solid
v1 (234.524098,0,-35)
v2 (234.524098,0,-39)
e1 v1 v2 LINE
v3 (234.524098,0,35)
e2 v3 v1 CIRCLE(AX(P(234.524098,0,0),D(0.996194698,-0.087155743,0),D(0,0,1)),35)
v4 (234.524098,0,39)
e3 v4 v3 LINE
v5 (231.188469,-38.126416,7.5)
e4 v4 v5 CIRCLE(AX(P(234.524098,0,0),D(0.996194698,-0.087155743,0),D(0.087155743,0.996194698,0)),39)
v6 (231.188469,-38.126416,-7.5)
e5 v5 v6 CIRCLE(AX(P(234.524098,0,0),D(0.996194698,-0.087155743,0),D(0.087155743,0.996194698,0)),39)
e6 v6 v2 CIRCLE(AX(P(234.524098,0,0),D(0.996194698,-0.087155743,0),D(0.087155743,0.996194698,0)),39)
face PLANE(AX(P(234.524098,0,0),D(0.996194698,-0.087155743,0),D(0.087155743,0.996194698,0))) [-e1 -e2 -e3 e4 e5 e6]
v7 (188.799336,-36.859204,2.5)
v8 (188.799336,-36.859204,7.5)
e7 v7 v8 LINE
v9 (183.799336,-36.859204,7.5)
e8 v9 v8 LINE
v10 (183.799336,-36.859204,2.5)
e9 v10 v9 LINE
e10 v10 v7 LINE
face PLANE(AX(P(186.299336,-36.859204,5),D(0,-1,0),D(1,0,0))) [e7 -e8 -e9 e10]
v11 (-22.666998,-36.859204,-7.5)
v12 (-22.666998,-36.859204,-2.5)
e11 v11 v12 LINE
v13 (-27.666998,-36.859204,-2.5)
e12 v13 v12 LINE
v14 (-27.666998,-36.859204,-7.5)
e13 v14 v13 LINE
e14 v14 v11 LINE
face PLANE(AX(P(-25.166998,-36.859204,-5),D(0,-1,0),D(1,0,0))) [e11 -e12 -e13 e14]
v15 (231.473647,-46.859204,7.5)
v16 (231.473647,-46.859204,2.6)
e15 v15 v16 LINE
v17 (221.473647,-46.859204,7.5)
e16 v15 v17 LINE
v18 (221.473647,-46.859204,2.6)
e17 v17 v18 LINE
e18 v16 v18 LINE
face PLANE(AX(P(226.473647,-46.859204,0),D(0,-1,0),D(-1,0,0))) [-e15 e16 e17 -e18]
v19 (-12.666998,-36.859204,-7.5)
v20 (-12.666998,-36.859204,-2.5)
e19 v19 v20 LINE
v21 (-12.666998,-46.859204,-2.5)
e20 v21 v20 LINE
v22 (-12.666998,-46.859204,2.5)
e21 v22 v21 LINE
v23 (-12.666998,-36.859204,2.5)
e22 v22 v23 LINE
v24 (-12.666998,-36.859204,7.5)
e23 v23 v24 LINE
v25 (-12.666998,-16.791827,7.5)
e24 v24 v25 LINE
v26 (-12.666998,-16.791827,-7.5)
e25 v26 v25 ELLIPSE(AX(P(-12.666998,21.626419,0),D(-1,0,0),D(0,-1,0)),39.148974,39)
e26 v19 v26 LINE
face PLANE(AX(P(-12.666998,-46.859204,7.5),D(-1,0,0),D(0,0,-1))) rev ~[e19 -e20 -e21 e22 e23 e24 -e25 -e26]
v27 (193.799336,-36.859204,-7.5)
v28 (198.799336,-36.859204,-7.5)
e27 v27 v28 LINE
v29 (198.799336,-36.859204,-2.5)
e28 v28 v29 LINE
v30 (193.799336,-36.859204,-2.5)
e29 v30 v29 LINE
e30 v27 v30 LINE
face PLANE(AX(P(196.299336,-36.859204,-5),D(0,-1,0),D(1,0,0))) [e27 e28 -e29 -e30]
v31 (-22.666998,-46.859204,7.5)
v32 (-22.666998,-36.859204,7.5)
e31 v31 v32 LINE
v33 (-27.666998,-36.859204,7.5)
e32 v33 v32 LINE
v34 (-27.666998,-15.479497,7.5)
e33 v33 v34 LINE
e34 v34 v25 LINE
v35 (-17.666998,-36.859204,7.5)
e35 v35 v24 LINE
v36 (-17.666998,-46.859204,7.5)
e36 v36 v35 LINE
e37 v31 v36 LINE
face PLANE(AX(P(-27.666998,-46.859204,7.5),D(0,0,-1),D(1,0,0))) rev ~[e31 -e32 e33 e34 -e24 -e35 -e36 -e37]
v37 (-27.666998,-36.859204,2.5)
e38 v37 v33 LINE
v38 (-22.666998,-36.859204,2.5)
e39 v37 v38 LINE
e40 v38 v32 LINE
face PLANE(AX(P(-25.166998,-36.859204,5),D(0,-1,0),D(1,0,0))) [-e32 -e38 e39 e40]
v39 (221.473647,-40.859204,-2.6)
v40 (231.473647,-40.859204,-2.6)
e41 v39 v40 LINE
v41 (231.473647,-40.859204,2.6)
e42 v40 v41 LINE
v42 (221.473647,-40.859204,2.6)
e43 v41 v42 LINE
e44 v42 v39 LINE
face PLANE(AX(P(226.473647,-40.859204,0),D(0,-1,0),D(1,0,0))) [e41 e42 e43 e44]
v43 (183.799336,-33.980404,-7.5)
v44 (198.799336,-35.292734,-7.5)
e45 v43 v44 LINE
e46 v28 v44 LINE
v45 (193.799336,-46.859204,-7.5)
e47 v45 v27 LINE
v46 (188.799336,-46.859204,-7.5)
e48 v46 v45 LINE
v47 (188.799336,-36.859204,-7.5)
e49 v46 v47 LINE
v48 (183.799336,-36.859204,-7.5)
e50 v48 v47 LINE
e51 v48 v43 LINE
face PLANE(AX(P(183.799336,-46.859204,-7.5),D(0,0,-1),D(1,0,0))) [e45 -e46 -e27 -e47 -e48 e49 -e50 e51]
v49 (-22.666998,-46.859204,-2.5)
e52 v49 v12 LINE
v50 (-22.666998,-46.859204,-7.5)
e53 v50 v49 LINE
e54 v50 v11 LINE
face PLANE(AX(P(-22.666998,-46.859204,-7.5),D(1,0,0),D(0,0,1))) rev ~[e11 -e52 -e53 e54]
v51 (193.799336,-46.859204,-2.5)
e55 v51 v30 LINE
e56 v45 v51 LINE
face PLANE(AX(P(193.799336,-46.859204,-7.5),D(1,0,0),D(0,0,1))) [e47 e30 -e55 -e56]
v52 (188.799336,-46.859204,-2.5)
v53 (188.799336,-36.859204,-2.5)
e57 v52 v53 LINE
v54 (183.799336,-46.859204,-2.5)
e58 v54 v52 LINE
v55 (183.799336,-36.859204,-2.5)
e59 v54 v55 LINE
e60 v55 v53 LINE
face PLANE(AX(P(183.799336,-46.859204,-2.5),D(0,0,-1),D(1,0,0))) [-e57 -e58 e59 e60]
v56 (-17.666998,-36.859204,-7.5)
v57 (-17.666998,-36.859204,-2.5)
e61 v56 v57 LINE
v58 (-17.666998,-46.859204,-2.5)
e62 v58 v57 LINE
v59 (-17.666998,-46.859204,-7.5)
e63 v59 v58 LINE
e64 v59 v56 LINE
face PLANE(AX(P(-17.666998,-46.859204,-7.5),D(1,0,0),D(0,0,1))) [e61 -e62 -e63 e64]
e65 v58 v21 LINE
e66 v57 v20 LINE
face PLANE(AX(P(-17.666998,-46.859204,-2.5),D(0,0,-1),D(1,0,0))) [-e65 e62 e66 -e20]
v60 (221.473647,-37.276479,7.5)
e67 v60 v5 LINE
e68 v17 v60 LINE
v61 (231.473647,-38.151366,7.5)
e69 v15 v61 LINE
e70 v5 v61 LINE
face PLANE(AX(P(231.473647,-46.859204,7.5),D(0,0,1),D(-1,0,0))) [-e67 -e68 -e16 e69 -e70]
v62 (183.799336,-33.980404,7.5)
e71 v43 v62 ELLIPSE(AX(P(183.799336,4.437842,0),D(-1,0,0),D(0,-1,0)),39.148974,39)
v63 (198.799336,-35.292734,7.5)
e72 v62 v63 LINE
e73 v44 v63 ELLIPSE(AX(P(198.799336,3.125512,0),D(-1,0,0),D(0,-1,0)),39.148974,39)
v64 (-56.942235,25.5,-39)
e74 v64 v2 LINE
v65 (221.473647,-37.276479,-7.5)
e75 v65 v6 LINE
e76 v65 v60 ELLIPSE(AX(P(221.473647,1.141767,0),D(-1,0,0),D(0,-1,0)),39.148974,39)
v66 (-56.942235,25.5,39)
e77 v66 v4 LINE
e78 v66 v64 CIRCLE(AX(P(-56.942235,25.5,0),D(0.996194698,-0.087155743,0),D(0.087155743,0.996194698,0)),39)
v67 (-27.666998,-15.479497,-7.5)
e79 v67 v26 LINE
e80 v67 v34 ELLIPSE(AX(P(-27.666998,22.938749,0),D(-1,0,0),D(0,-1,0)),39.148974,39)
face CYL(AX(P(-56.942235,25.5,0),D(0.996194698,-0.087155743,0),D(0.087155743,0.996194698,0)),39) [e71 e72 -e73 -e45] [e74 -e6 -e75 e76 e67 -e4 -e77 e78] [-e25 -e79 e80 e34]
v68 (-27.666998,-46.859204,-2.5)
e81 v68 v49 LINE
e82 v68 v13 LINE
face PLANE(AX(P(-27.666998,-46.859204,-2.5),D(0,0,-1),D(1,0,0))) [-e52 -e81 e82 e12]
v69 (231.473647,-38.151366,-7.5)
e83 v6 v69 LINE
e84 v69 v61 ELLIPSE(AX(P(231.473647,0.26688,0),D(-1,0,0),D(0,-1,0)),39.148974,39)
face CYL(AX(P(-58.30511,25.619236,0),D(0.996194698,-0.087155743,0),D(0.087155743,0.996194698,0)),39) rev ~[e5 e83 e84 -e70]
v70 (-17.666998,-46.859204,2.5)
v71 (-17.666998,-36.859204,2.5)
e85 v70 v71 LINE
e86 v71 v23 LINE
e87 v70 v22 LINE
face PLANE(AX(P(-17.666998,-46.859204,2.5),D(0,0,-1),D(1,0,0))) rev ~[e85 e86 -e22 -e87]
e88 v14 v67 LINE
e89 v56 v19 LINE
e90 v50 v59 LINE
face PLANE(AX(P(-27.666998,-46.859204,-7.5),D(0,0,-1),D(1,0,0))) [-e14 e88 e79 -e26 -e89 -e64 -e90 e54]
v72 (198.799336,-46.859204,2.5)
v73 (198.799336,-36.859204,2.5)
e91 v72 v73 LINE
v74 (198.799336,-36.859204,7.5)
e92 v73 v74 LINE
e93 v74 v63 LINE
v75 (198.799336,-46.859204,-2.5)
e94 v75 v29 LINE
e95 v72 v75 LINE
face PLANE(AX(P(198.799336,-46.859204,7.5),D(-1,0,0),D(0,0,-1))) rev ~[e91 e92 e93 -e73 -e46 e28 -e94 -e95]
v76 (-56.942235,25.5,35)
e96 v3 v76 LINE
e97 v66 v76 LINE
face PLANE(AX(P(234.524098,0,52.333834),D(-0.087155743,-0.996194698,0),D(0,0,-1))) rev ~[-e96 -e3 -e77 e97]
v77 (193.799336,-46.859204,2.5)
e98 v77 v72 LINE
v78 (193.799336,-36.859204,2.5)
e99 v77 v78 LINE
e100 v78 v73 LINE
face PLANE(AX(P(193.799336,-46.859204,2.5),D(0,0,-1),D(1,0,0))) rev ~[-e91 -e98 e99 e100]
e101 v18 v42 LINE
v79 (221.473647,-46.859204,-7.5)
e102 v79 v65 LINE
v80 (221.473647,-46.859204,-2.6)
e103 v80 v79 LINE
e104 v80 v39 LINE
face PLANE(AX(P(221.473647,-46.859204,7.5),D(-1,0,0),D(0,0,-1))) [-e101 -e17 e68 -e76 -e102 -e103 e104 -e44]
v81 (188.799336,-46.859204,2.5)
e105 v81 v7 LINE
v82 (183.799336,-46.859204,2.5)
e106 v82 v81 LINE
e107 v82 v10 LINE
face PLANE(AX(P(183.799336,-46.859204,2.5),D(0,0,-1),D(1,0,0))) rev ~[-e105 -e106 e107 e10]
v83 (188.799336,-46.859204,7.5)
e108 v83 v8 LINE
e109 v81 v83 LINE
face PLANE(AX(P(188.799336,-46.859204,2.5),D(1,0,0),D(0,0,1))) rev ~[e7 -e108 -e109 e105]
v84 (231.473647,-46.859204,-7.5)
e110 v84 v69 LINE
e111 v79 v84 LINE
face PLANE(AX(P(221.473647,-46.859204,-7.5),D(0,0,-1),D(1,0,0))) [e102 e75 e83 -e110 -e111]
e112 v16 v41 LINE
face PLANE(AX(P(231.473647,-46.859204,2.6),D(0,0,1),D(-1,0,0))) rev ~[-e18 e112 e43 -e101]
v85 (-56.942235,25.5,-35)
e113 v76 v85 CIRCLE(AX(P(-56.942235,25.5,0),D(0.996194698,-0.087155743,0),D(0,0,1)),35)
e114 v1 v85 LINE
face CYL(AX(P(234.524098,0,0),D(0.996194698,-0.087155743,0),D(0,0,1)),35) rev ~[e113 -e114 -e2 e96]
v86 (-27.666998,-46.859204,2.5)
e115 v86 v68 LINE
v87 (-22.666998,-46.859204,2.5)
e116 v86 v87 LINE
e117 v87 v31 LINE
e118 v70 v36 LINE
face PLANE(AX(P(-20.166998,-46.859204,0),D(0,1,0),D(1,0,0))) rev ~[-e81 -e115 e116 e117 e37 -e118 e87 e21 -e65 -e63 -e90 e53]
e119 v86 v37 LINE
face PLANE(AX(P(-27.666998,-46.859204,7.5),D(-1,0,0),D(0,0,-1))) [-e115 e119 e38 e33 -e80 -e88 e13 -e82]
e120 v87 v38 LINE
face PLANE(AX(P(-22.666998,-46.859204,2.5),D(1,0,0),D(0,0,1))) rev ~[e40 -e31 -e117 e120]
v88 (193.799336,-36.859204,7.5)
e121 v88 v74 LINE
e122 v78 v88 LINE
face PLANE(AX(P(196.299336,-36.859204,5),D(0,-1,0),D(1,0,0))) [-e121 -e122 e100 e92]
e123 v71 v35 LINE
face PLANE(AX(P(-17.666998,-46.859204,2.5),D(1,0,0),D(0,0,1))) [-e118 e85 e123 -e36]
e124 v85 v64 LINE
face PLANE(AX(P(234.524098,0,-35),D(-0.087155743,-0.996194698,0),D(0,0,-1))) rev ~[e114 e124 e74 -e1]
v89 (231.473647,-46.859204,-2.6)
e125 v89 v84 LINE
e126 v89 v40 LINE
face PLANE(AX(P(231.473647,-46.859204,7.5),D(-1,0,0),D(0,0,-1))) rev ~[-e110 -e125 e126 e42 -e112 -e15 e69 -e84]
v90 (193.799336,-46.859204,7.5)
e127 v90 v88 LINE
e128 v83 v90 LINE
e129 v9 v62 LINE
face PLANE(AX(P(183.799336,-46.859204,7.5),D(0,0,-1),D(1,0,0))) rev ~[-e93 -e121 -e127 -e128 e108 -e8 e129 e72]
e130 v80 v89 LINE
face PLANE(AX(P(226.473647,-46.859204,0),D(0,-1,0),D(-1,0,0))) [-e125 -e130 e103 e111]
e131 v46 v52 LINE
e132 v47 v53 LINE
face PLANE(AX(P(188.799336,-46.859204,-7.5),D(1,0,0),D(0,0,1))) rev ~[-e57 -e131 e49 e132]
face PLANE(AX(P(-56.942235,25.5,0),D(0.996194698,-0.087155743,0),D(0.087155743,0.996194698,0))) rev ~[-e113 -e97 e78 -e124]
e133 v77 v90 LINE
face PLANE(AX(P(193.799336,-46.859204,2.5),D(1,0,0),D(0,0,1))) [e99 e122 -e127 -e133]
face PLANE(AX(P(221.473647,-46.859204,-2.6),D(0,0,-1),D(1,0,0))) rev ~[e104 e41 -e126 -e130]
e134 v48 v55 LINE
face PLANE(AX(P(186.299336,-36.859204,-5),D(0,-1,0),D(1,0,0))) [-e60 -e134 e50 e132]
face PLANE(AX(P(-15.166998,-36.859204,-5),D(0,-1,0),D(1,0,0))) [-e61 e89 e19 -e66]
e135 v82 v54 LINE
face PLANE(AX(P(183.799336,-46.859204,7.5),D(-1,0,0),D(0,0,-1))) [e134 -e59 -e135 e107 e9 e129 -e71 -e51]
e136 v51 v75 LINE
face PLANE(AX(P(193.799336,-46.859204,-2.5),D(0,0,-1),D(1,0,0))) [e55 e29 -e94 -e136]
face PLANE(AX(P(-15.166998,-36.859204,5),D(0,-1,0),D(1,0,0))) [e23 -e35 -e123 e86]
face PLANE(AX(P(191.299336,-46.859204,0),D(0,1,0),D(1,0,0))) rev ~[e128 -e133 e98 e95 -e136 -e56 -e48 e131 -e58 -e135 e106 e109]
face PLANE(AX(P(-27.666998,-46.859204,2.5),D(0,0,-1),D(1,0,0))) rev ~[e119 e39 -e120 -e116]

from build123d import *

# Parameters (mm, degrees)
SWEEP2_PROFILE_R         = 39
CUT_EXTRUDE5_DEPTH       = 400
BOSS_EXTRUDE2_REACH      = 250.512
BOSS_EXTRUDE2_END_RADIUS = 39
SKETCH30_W               = 15
SKETCH30_H               = 15
SKETCH31_W               = 5
SKETCH31_H               = 5
CUT_EXTRUDE6_DEPTH       = 10
BOSS_EXTRUDE3_REACH      = 250.512
BOSS_EXTRUDE3_END_RADIUS = 39
CUT_EXTRUDE7_DEPTH       = 6


with BuildPart() as part:
    # Sweep2: sweep along a path in Sketch17
    with BuildLine(Plane.XY) as sweep2_path:
        Line((-56.942235333, 25.5), (234.524098388, 0))
    # Sweep2 profile (on start of the path) → Sweep2 (sweep)
    with BuildSketch(Plane(origin=(-56.942235333, 25.5, 0), x_dir=(0.08715574274765121, 0.9961946980917462, 0), z_dir=(0.9961946980917462, -0.08715574274765121, 0))):
        Circle(SWEEP2_PROFILE_R)
    sweep(path=sweep2_path.line)

    # Sketch25 → Cut-Extrude5 (cut)
    with BuildSketch(Plane(origin=(232.742624374, -20.362341152, 0), x_dir=(0, 0, -1), z_dir=(0.9961946980917462, -0.08715574274765125, 0))):
        with BuildLine():
            Line((40.377384308, 20.440121987), (40.377384308, 67.184416815))
            Line((40.377384308, 67.184416815), (-52.333834244, 67.184416815))
            Line((-52.333834244, 67.184416815), (-52.333834244, 20.440121987))
            Line((-52.333834244, 20.440121987), (-35, 20.440121987))
            ThreePointArc((-35, 20.440121987), (0, -14.559878013), (35, 20.440121987))
            Line((35, 20.440121987), (40.377384308, 20.440121987))
        make_face()
    extrude(amount=-CUT_EXTRUDE5_DEPTH, mode=Mode.SUBTRACT)

    # Boss-Extrude2: up to this cylinder (the profile starts outside it)
    boss_extrude2_end = Plane(origin=(90.766179518, 12.577188193, 0), z_dir=(0.9961946980917462, -0.08715574274765124, 0)) * Cylinder(BOSS_EXTRUDE2_END_RADIUS, 790.685640756, mode=Mode.PRIVATE)
    # Sketch30 → Boss-Extrude2 (add, up to the surface)
    with BuildSketch(Plane(origin=(0, -46.859203829, 0), x_dir=(1, 0, 0), z_dir=(0, 1, 0)), mode=Mode.PRIVATE) as boss_extrude2_sk1:
        with Locations((-20.166997814, 0)):
            Rectangle(SKETCH30_W, SKETCH30_H)
    boss_extrude2_tool1 = extrude(boss_extrude2_sk1.sketch, amount=BOSS_EXTRUDE2_REACH, mode=Mode.PRIVATE) - boss_extrude2_end
    add(boss_extrude2_tool1.solids().sort_by_distance((-20.166998, -46.859204, 0))[0])
    # Sketch30 → Boss-Extrude2 (add, up to the surface)
    with BuildSketch(Plane(origin=(0, -46.859203829, 0), x_dir=(1, 0, 0), z_dir=(0, 1, 0)), mode=Mode.PRIVATE) as boss_extrude2_sk2:
        with Locations((191.299335906, 0)):
            Rectangle(SKETCH30_W, SKETCH30_H)
    boss_extrude2_tool2 = extrude(boss_extrude2_sk2.sketch, amount=BOSS_EXTRUDE2_REACH, mode=Mode.PRIVATE) - boss_extrude2_end
    add(boss_extrude2_tool2.solids().sort_by_distance((191.299336, -46.859204, 0))[0])

    # Sketch31 → Cut-Extrude6 (cut)
    with BuildSketch(Plane.XZ.offset(46.859203829)):
        with Locations((-25.166997814, 5)):
            Rectangle(SKETCH31_W, SKETCH31_H)
        with Locations((-15.166997814, 5)):
            Rectangle(SKETCH31_W, SKETCH31_H)
        with Locations((-15.166997814, -5)):
            Rectangle(SKETCH31_W, SKETCH31_H)
        with Locations((-25.166997814, -5)):
            Rectangle(SKETCH31_W, SKETCH31_H)
        with Locations((186.299335906, -5)):
            Rectangle(SKETCH31_W, SKETCH31_H)
        with Locations((196.299335906, -5)):
            Rectangle(SKETCH31_W, SKETCH31_H)
        with Locations((196.299335906, 5)):
            Rectangle(SKETCH31_W, SKETCH31_H)
        with Locations((186.299335906, 5)):
            Rectangle(SKETCH31_W, SKETCH31_H)
    extrude(amount=-CUT_EXTRUDE6_DEPTH, mode=Mode.SUBTRACT)

    # Boss-Extrude3: up to this cylinder (the profile starts outside it)
    boss_extrude3_end = Plane(origin=(230.603306914, 0.343024806, 0), z_dir=(0.9961946980917462, -0.08715574274765124, 0)) * Cylinder(BOSS_EXTRUDE3_END_RADIUS, 580.024, mode=Mode.PRIVATE)
    # Sketch38 → Boss-Extrude3 (add, up to the surface)
    with BuildSketch(Plane(origin=(0, -46.859203829, 0), x_dir=(1, 0, 0), z_dir=(0, 1, 0)), mode=Mode.PRIVATE) as boss_extrude3_sk1:
        Polygon((231.473647391, 0), (231.473647391, -7.5), (221.473647391, -7.5), (221.473647391, 7.5), (231.473647391, 7.5), align=None)
    boss_extrude3_tool1 = extrude(boss_extrude3_sk1.sketch, amount=BOSS_EXTRUDE3_REACH, mode=Mode.PRIVATE) - boss_extrude3_end
    add(boss_extrude3_tool1.solids().sort_by_distance((226.473647, -46.859204, 0))[0])

    # Sketch39 → Cut-Extrude7 (cut)
    with BuildSketch(Plane.XZ.offset(46.859203829)):
        Polygon((231.473647391, 0), (231.473647391, 2.6), (221.473647391, 2.6), (221.473647391, -2.6), (231.473647391, -2.6), align=None)
    extrude(amount=-CUT_EXTRUDE7_DEPTH, mode=Mode.SUBTRACT)


solid = part.part
